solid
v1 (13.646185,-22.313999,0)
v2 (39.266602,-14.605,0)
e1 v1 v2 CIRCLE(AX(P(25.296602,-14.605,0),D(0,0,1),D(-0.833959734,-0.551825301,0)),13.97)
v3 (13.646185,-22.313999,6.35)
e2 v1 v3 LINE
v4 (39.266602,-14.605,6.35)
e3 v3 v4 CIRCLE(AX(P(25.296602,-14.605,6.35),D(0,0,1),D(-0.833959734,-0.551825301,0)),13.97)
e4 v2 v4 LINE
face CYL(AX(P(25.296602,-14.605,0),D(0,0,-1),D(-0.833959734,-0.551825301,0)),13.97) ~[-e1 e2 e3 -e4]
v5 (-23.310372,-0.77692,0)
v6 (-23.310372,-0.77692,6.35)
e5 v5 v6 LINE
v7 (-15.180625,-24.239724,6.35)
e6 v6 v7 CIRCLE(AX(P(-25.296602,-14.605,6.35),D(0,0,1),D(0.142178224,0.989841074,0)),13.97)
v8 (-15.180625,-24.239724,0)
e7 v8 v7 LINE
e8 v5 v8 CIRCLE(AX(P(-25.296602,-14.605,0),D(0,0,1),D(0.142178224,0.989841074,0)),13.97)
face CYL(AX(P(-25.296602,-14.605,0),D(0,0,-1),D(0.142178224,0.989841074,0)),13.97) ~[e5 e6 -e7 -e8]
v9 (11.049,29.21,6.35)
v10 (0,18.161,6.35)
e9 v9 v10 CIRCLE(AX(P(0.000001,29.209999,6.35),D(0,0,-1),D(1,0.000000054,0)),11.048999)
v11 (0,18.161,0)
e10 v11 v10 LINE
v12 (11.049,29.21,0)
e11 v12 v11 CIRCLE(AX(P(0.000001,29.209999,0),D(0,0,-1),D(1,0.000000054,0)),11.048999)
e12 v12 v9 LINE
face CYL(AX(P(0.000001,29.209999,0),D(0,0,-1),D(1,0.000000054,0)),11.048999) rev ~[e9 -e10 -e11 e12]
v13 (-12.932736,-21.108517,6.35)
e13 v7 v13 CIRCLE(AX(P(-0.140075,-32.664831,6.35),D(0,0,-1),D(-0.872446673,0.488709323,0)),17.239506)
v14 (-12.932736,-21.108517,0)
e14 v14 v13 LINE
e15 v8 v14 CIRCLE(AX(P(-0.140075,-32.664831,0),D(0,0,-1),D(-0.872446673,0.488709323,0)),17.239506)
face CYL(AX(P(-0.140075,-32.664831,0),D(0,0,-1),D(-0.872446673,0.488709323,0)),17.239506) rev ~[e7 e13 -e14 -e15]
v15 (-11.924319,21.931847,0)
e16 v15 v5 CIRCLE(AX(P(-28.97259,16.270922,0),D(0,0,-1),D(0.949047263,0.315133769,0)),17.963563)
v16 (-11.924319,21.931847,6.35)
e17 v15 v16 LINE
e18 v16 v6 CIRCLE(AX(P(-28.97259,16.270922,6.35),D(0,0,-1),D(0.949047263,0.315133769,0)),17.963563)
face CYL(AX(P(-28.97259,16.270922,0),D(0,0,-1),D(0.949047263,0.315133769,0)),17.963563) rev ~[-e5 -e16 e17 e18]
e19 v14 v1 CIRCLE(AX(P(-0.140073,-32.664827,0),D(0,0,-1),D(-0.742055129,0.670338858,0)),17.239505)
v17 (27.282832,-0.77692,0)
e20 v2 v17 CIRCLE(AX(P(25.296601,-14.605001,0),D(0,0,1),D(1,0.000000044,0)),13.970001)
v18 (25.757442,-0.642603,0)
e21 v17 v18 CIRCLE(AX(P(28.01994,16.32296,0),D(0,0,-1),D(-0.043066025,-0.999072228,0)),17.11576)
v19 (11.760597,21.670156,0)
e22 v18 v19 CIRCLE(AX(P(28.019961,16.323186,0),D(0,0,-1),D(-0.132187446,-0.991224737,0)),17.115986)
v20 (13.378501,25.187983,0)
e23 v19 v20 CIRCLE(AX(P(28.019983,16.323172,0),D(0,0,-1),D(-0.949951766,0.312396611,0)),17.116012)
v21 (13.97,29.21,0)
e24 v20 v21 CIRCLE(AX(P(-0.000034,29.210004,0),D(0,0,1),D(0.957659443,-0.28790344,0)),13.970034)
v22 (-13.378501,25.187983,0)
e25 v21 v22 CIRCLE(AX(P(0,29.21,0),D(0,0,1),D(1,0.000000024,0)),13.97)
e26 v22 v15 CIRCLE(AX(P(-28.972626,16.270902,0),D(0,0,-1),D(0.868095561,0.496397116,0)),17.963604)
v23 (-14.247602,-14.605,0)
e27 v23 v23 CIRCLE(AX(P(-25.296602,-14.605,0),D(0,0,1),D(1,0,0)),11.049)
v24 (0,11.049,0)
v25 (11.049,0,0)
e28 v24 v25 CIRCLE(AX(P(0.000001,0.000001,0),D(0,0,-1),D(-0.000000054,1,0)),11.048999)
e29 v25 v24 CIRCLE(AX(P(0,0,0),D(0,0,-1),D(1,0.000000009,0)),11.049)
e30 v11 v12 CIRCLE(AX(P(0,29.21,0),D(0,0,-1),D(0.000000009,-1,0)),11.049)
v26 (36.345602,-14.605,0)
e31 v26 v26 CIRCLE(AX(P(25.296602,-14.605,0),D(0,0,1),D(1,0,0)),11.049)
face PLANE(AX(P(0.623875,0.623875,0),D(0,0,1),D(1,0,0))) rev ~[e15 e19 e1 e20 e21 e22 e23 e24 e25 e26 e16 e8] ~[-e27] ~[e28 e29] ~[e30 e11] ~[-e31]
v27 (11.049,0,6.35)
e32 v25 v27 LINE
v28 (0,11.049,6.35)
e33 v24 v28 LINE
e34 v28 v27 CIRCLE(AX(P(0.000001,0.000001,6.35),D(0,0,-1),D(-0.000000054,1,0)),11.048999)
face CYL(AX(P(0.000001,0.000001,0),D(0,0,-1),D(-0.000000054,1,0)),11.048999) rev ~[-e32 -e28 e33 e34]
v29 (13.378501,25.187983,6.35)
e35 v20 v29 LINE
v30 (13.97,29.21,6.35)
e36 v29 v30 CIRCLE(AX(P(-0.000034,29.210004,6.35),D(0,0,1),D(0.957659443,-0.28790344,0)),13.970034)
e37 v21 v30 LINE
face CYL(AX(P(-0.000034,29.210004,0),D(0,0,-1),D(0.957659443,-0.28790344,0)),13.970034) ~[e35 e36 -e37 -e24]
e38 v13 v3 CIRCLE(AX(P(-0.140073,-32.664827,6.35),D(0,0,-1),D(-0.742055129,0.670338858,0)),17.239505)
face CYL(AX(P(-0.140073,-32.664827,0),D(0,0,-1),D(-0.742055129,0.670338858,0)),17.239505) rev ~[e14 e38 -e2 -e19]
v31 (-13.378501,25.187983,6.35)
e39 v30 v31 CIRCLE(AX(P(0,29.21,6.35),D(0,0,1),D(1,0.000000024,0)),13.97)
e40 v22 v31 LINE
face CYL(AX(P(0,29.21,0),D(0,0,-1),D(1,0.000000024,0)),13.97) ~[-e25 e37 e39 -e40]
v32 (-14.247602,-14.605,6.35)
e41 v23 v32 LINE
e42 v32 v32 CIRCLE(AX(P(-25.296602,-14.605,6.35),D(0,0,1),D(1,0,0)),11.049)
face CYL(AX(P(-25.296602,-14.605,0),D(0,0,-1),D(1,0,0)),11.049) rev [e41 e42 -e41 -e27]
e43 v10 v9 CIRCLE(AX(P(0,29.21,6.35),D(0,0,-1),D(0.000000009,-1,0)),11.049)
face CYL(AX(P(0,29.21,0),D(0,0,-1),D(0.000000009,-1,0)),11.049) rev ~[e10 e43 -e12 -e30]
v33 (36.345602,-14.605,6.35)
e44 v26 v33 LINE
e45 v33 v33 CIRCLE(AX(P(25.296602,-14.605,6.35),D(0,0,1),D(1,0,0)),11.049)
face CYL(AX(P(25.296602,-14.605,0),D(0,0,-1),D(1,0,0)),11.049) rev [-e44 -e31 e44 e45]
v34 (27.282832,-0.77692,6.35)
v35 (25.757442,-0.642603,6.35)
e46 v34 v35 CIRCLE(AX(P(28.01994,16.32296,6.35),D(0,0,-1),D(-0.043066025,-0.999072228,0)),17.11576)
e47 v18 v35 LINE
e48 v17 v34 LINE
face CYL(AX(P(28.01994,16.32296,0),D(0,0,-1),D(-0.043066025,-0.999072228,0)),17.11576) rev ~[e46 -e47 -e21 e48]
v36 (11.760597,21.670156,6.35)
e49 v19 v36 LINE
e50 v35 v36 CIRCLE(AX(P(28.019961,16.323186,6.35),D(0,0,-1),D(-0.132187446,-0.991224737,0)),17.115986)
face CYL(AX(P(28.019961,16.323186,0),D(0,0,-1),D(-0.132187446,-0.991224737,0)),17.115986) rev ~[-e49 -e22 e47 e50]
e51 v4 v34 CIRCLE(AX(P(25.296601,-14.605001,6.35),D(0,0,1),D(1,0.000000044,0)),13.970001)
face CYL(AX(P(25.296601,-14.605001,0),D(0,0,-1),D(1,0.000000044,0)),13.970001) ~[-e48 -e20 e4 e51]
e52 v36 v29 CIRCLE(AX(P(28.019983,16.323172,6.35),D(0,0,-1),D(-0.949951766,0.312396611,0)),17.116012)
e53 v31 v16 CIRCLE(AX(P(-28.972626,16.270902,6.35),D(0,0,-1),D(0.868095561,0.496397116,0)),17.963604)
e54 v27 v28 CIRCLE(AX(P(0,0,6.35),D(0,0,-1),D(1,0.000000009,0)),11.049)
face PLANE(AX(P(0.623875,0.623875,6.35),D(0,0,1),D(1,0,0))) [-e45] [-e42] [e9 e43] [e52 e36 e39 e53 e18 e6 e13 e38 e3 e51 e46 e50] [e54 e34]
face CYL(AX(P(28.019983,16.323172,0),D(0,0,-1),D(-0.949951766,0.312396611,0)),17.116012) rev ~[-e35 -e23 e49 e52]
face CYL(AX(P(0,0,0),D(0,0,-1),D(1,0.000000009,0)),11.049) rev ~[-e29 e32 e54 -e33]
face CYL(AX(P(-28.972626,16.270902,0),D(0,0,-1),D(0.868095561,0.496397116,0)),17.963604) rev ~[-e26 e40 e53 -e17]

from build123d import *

# Parameters (mm, degrees)
F1_DEPTH = 6.35
F0_R     = 11.049
F2_DEPTH = 6.35
F3_DEPTH = 6.35
F4_DEPTH = 6.35
F5_DEPTH = 6.35


with BuildPart() as f1:
    # F0 (on Top) → F1 (new body)
    with BuildSketch(Plane.XY):
        with BuildLine():
            ThreePointArc((11.760597, 21.670156), (6.701838, 16.952502), (0, 15.24))
            ThreePointArc((0, 15.24), (-6.836853, 17.027293), (-11.924319, 21.931847))
            ThreePointArc((-11.924319, 21.931847), (-12.914458, 8.219461), (-23.310372, -0.77692))
            ThreePointArc((-23.310372, -0.77692), (-14.739412, -5.455867), (-11.326602, -14.605))
            ThreePointArc((-11.326602, -14.605), (-11.734078, -17.954455), (-12.932736, -21.108517))
            ThreePointArc((-12.932736, -21.108517), (0.641019, -15.443026), (13.646185, -22.313999))
            ThreePointArc((13.646185, -22.313999), (13.101766, -7.789805), (25.757442, -0.642603))
            ThreePointArc((25.757442, -0.642603), (13.520656, 7.227739), (11.760597, 21.670156))
        make_face()
        with BuildLine():
            ThreePointArc((13.97, 0), (-9.878282, -9.878282), (0, 13.97))
            ThreePointArc((0, 13.97), (9.878282, 9.878282), (13.97, 0))
        make_face(mode=Mode.SUBTRACT)
    extrude(amount=F1_DEPTH)

    # F0 (on Top) → F2 (join)
    with BuildSketch(Plane.XY):
        with BuildLine():
            ThreePointArc((-11.326602, -14.605), (-14.739412, -5.455867), (-23.310372, -0.77692))
            ThreePointArc((-23.310372, -0.77692), (-38.496664, -19.178757), (-15.180625, -24.239724))
            ThreePointArc((-15.180625, -24.239724), (-14.144468, -22.611098), (-12.932736, -21.108517))
            ThreePointArc((-12.932736, -21.108517), (-11.734078, -17.954455), (-11.326602, -14.605))
        make_face()
        with Locations((-25.296602, -14.605)):
            Circle(F0_R, mode=Mode.SUBTRACT)
    extrude(amount=F2_DEPTH)

    # F0 (on Top) → F3 (join)
    with BuildSketch(Plane.XY):
        with BuildLine():
            ThreePointArc((27.282832, -0.77692), (26.518634, -0.726829), (25.757442, -0.642603))
            ThreePointArc((25.757442, -0.642603), (13.101766, -7.789805), (13.646185, -22.313999))
            ThreePointArc((13.646185, -22.313999), (29.321808, -27.982541), (39.266602, -14.605))
            ThreePointArc((39.266602, -14.605), (35.853792, -5.455867), (27.282832, -0.77692))
        make_face()
        with Locations((25.296602, -14.605)):
            Circle(F0_R, mode=Mode.SUBTRACT)
    extrude(amount=F3_DEPTH)

    # F0 (on Top) → F4 (join)
    with BuildSketch(Plane.XY):
        with BuildLine():
            ThreePointArc((-11.924319, 21.931847), (-6.836853, 17.027293), (0, 15.24))
            ThreePointArc((0, 15.24), (6.701838, 16.952502), (11.760597, 21.670156))
            ThreePointArc((11.760597, 21.670156), (12.469752, 23.474968), (13.378501, 25.187983))
            ThreePointArc((13.378501, 25.187983), (13.821334, 27.177361), (13.97, 29.21))
            ThreePointArc((13.97, 29.21), (-2.032639, 43.031334), (-13.378501, 25.187983))
            ThreePointArc((-13.378501, 25.187983), (-12.57041, 23.59609), (-11.924319, 21.931847))
        make_face()
        with BuildLine():
            ThreePointArc((11.049, 29.21), (7.812823, 21.397177), (0, 18.161))
            ThreePointArc((0, 18.161), (-7.812823, 37.022823), (11.049, 29.21))
        make_face(mode=Mode.SUBTRACT)
    extrude(amount=F4_DEPTH)

    # F0 (on Top) → F5 (join)
    with BuildSketch(Plane.XY):
        with BuildLine():
            ThreePointArc((13.97, 0), (9.878282, 9.878282), (0, 13.97))
            ThreePointArc((0, 13.97), (-9.878282, -9.878282), (13.97, 0))
        make_face()
        with BuildLine():
            ThreePointArc((0, 11.049), (7.812823, 7.812823), (11.049, 0))
            ThreePointArc((11.049, 0), (-7.812823, -7.812823), (0, 11.049))
        make_face(mode=Mode.SUBTRACT)
    extrude(amount=F5_DEPTH)


solid = f1.part
